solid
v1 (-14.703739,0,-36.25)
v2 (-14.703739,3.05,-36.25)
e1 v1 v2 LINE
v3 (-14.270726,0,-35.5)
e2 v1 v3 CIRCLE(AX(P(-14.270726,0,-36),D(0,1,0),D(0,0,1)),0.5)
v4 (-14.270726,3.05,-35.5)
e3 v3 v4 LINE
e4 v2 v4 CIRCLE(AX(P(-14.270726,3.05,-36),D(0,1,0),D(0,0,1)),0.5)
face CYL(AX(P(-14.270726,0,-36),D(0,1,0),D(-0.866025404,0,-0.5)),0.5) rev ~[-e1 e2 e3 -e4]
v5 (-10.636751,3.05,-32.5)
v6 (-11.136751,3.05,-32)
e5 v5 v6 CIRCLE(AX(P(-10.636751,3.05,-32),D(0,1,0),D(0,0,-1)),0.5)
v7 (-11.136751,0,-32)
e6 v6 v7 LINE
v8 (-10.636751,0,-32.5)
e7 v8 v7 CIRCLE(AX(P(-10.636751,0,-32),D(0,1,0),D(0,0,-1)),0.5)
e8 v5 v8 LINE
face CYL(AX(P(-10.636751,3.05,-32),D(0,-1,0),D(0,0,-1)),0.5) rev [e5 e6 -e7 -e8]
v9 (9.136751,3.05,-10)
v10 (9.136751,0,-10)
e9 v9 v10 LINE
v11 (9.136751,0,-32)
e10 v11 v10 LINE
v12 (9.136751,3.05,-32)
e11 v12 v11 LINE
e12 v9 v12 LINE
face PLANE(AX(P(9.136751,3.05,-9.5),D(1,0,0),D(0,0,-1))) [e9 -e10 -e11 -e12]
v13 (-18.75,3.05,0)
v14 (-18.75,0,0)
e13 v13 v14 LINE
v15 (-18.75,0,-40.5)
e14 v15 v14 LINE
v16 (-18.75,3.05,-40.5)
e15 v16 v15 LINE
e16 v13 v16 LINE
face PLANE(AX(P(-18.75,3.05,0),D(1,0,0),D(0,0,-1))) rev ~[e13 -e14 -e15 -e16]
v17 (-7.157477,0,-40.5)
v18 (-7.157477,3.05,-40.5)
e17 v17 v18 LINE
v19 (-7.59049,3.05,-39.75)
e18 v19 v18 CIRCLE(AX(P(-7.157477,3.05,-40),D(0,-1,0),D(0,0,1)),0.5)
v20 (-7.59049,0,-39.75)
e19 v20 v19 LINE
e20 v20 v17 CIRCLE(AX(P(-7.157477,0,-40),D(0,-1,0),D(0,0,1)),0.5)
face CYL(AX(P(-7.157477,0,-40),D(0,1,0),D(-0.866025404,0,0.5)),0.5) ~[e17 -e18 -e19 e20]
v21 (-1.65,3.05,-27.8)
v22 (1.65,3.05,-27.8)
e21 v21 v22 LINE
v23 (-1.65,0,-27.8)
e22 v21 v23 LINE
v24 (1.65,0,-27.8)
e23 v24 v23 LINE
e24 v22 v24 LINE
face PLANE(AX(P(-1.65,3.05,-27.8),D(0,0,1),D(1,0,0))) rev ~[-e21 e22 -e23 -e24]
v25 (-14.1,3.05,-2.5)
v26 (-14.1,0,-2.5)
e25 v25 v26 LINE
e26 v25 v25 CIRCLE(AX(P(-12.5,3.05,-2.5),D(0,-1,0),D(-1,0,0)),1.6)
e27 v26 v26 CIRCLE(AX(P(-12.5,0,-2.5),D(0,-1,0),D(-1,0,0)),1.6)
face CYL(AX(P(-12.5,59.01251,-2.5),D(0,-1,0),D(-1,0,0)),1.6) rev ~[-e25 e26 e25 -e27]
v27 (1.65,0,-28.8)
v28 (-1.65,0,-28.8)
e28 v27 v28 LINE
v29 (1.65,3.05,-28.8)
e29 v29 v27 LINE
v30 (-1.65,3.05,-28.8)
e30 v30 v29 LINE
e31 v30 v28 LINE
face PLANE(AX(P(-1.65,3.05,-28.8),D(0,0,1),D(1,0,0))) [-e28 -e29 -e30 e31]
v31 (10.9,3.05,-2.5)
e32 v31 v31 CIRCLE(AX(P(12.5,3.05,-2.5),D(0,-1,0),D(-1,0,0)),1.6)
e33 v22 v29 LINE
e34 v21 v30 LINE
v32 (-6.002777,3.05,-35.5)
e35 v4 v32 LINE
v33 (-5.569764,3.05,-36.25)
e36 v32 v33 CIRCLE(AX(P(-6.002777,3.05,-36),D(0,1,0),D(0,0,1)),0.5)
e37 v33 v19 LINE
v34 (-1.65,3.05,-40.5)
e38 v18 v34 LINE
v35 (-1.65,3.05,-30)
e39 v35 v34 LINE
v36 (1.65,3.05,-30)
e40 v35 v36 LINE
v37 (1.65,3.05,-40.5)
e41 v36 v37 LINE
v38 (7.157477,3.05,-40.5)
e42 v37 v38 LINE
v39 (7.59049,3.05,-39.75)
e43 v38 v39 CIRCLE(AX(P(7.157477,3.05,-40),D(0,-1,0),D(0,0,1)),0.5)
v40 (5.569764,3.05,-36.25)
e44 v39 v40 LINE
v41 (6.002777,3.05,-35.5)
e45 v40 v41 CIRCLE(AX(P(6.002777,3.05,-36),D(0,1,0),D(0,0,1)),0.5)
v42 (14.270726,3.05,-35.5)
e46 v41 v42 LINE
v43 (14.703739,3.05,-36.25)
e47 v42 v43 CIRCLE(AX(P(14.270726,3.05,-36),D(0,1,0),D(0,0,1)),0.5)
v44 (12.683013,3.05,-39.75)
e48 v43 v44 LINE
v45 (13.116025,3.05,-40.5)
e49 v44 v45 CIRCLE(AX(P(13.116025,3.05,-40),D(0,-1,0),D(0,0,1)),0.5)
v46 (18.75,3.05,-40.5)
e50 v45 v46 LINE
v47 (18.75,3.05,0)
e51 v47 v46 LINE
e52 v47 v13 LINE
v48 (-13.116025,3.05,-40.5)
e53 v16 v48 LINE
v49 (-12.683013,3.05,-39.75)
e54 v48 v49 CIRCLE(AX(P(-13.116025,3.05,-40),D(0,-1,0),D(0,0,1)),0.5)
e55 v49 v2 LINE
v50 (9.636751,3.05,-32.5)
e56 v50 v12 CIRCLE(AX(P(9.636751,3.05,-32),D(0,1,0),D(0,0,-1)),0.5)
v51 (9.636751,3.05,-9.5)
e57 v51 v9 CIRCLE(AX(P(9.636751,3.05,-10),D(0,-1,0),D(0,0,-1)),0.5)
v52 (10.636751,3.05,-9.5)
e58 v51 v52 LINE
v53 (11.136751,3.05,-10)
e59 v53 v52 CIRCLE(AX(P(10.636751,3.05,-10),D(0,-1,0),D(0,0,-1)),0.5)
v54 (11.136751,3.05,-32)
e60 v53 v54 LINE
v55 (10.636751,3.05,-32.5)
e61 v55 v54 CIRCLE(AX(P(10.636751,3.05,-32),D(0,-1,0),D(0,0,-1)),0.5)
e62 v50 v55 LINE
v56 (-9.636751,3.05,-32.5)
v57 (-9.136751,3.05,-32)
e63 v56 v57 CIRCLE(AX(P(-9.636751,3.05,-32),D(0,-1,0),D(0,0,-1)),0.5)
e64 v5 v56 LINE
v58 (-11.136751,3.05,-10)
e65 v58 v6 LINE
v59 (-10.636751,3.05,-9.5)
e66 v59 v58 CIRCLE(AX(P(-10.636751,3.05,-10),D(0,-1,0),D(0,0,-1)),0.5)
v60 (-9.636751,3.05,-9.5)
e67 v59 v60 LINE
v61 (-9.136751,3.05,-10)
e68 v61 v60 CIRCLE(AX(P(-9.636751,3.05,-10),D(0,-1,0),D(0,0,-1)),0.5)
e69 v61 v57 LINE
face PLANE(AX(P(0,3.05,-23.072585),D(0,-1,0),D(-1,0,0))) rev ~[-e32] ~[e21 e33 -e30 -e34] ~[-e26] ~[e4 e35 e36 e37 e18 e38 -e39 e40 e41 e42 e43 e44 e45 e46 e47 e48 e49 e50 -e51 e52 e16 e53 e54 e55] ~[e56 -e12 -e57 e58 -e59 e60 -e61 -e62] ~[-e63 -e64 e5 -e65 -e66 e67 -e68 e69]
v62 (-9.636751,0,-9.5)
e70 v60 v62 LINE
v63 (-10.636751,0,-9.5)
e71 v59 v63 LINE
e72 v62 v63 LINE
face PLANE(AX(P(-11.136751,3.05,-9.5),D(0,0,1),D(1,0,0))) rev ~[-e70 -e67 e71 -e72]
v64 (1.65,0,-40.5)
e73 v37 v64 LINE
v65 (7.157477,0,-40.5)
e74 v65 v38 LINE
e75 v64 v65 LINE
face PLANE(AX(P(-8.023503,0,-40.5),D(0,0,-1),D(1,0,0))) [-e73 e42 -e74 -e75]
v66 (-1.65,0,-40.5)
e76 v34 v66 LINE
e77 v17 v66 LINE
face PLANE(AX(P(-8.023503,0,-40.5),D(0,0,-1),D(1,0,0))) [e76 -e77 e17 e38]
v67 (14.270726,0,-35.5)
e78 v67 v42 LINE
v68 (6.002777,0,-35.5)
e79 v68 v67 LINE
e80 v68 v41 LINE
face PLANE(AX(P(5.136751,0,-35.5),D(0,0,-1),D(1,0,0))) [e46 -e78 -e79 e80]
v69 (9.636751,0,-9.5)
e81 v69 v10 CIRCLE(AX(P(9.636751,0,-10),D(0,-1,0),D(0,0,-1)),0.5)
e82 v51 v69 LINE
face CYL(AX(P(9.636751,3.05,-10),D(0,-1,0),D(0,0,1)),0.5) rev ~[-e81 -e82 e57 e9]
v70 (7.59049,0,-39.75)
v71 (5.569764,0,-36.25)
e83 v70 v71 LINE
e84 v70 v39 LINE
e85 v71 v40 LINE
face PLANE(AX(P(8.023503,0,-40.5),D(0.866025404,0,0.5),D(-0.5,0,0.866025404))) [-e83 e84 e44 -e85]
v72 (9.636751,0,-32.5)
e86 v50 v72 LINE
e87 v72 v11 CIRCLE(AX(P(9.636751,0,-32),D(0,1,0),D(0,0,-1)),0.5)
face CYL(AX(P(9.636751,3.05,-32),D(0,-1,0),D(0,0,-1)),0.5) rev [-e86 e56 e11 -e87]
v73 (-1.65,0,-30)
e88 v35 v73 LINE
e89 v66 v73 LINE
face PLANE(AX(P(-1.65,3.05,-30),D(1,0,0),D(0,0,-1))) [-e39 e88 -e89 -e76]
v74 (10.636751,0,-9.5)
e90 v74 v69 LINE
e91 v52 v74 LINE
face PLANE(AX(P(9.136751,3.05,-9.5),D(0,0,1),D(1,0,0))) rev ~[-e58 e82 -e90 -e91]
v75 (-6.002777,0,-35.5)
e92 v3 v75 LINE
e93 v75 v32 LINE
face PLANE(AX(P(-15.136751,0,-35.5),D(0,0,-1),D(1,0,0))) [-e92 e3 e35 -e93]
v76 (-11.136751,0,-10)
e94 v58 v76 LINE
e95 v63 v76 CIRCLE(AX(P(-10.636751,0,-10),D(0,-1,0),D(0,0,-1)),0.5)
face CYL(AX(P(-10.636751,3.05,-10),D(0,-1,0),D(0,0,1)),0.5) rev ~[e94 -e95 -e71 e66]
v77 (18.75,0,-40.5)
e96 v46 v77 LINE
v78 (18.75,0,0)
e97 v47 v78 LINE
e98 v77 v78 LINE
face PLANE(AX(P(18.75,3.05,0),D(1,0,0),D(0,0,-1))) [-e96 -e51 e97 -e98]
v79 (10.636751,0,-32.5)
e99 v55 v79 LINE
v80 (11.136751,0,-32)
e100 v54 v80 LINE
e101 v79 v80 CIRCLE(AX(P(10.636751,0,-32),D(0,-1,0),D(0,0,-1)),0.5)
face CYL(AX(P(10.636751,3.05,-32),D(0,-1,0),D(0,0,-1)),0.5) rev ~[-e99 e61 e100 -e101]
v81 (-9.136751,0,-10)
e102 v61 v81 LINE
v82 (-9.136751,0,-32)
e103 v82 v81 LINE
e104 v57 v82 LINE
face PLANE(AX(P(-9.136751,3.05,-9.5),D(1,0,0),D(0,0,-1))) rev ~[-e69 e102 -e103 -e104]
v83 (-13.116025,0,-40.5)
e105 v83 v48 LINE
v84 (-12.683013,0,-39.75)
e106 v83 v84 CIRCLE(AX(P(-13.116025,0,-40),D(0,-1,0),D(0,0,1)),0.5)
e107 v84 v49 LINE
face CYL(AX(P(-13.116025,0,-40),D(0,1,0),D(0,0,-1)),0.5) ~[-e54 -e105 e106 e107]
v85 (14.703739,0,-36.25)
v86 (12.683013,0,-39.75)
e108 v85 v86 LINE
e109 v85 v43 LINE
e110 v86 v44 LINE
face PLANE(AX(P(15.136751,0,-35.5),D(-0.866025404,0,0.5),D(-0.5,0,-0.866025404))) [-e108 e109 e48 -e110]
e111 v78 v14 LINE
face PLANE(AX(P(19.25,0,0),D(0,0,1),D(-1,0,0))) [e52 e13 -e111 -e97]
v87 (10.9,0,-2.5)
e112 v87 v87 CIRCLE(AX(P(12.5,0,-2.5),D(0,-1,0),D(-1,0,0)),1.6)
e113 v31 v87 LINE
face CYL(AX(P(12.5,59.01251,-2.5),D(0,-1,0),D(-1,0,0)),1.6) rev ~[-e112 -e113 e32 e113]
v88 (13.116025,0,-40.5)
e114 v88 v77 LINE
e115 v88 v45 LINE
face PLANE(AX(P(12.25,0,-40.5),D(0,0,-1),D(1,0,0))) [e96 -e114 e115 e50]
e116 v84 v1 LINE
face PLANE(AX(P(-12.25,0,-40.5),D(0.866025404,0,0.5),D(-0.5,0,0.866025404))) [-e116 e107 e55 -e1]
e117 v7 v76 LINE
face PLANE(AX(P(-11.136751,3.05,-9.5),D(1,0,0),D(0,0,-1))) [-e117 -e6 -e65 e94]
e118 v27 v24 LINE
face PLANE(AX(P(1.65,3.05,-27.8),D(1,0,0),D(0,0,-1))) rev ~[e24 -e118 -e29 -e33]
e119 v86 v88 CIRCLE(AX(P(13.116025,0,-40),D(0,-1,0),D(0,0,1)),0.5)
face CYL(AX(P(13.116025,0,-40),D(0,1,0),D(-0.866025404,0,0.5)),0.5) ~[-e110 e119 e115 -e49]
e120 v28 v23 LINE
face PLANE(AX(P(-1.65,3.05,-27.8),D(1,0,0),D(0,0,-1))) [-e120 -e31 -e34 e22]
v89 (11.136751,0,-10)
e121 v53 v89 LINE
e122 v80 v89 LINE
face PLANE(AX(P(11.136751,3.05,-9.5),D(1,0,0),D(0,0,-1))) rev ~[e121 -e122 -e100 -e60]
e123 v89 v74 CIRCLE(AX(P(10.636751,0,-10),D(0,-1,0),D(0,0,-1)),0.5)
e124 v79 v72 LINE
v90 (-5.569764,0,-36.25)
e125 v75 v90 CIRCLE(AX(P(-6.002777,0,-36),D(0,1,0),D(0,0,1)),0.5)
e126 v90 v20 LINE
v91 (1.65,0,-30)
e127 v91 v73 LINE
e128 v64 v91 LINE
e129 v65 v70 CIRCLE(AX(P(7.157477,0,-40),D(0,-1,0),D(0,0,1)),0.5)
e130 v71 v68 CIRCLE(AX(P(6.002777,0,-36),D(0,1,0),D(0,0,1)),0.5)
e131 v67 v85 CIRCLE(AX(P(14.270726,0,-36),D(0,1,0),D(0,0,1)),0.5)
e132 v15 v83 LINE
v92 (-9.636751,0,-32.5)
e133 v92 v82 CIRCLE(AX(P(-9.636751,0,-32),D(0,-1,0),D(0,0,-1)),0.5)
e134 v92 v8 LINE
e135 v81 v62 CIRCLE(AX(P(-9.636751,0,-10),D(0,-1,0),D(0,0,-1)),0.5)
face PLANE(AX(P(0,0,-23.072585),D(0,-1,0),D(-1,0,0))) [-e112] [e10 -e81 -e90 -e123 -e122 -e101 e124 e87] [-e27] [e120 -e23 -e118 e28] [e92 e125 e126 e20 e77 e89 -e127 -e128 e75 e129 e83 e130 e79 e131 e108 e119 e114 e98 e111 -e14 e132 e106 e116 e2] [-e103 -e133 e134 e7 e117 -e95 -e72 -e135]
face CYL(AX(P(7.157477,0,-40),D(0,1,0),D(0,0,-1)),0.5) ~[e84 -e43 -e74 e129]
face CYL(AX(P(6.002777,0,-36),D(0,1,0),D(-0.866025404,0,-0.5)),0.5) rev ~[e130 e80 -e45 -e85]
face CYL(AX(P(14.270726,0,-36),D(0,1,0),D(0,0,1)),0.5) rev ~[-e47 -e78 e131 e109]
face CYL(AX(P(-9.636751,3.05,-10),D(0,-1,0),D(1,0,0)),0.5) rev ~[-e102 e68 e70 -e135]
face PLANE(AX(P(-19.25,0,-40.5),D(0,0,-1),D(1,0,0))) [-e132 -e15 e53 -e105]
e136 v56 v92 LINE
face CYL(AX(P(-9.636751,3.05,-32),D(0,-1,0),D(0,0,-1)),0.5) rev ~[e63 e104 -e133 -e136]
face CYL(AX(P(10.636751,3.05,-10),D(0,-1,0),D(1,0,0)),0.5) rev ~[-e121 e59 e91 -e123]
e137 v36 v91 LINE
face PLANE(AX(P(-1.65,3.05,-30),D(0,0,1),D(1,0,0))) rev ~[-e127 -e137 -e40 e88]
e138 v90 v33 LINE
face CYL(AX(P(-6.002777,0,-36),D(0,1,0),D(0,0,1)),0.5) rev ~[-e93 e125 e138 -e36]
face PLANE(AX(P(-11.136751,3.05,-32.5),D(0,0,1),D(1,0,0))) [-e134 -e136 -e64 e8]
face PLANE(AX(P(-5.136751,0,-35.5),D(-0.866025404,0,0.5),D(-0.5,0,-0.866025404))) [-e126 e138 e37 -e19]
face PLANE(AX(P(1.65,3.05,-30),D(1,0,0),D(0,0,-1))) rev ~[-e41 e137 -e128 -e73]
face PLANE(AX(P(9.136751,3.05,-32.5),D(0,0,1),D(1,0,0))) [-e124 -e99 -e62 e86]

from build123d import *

# Parameters (mm, degrees)
BOSS_EXTRUDE1_DEPTH                = 3.05
FILLET3_R                          = 0.5
SKETCH2_W                          = 3.3
SKETCH2_H                          = 46
SKETCH2_H_2                        = 1
CUT_EXTRUDE1_DEPTH                 = 45.945689448
SKETCH6_W                          = 2
SKETCH6_H                          = 23
CUT_EXTRUDE2_DEPTH                 = 45.945689448
FILLET4_R                          = 0.5
M3_CLEARANCE_HEAD_MOUNTING_HOLES_D = 3.2
SKETCH7_W                          = 0.5
SKETCH7_H                          = 40.5
CUT_EXTRUDE3_DEPTH                 = 45.945689448


with BuildPart() as part:
    # Sketch1 → Boss-Extrude1 (new body)
    with BuildSketch(Plane(origin=(0, 0, 0), x_dir=(1, 0, 0), z_dir=(0, 1, 0))):
        Polygon((-19.25, 0), (-19.25, 40.5), (-12.25, 40.5), (-15.136751346, 35.5), (-5.136751346, 35.5), (-8.023502692, 40.5), (8.023502692, 40.5), (5.136751346, 35.5), (15.136751346, 35.5), (12.25, 40.5), (19.25, 40.5), (19.25, 0), align=None)
    extrude(amount=BOSS_EXTRUDE1_DEPTH)

    # Fillet3
    fillet3_edges = [part.edges().sort_by_distance(p)[0] for p in [
        (-12.25, 1.525, -40.5),
        (-15.136751346, 1.525, -35.5),
        (-5.136751346, 1.525, -35.5),
        (-8.023502692, 1.525, -40.5),
        (8.023502692, 1.525, -40.5),
        (5.136751346, 1.525, -35.5),
        (15.136751346, 1.525, -35.5),
        (12.25, 1.525, -40.5),
    ]]
    fillet(fillet3_edges, radius=FILLET3_R)

    # Sketch2 → Cut-Extrude1 (cut, through all)
    with BuildSketch(Plane(origin=(0, 3.05, 0), x_dir=(1, 0, 0), z_dir=(0, 1, 0))):
        with Locations((0, 53)):
            Rectangle(SKETCH2_W, SKETCH2_H)
        with Locations((0, 28.3)):
            Rectangle(SKETCH2_W, SKETCH2_H_2)
    extrude(amount=-CUT_EXTRUDE1_DEPTH, mode=Mode.SUBTRACT)

    # Sketch6 → Cut-Extrude2 (cut, through all)
    with BuildSketch(Plane(origin=(0, 3.05, 0), x_dir=(1, 0, 0), z_dir=(0, 1, 0))):
        with Locations((-10.136751346, 21)):
            Rectangle(SKETCH6_W, SKETCH6_H)
        with Locations((10.136751346, 21)):
            Rectangle(SKETCH6_W, SKETCH6_H)
    extrude(amount=-CUT_EXTRUDE2_DEPTH, mode=Mode.SUBTRACT)

    # Fillet4
    fillet4_edges = [part.edges().sort_by_distance(p)[0] for p in [
        (-11.136751346, 1.525, -9.5),
        (-11.136751346, 1.525, -32.5),
        (-9.136751346, 1.525, -32.5),
        (-9.136751346, 1.525, -9.5),
        (11.136751346, 1.525, -32.5),
        (11.136751346, 1.525, -9.5),
        (9.136751346, 1.525, -9.5),
        (9.136751346, 1.525, -32.5),
    ]]
    fillet(fillet4_edges, radius=FILLET4_R)

    # M3 Clearance Head Mounting Holes (through all)
    with Locations(Plane(origin=(0, 3.05, 0), x_dir=(1, 0, 0), z_dir=(0, 1, 0))):
        with Locations((-12.5, 2.5), (12.5, 2.5)):
            Hole(M3_CLEARANCE_HEAD_MOUNTING_HOLES_D / 2)

    # Sketch7 → Cut-Extrude3 (cut, through all)
    with BuildSketch(Plane(origin=(0, 3.05, 0), x_dir=(1, 0, 0), z_dir=(0, 1, 0))):
        with Locations((-19, 20.25)):
            Rectangle(SKETCH7_W, SKETCH7_H)
        with Locations((19, 20.25)):
            Rectangle(SKETCH7_W, SKETCH7_H)
    extrude(amount=-CUT_EXTRUDE3_DEPTH, mode=Mode.SUBTRACT)


solid = part.part
